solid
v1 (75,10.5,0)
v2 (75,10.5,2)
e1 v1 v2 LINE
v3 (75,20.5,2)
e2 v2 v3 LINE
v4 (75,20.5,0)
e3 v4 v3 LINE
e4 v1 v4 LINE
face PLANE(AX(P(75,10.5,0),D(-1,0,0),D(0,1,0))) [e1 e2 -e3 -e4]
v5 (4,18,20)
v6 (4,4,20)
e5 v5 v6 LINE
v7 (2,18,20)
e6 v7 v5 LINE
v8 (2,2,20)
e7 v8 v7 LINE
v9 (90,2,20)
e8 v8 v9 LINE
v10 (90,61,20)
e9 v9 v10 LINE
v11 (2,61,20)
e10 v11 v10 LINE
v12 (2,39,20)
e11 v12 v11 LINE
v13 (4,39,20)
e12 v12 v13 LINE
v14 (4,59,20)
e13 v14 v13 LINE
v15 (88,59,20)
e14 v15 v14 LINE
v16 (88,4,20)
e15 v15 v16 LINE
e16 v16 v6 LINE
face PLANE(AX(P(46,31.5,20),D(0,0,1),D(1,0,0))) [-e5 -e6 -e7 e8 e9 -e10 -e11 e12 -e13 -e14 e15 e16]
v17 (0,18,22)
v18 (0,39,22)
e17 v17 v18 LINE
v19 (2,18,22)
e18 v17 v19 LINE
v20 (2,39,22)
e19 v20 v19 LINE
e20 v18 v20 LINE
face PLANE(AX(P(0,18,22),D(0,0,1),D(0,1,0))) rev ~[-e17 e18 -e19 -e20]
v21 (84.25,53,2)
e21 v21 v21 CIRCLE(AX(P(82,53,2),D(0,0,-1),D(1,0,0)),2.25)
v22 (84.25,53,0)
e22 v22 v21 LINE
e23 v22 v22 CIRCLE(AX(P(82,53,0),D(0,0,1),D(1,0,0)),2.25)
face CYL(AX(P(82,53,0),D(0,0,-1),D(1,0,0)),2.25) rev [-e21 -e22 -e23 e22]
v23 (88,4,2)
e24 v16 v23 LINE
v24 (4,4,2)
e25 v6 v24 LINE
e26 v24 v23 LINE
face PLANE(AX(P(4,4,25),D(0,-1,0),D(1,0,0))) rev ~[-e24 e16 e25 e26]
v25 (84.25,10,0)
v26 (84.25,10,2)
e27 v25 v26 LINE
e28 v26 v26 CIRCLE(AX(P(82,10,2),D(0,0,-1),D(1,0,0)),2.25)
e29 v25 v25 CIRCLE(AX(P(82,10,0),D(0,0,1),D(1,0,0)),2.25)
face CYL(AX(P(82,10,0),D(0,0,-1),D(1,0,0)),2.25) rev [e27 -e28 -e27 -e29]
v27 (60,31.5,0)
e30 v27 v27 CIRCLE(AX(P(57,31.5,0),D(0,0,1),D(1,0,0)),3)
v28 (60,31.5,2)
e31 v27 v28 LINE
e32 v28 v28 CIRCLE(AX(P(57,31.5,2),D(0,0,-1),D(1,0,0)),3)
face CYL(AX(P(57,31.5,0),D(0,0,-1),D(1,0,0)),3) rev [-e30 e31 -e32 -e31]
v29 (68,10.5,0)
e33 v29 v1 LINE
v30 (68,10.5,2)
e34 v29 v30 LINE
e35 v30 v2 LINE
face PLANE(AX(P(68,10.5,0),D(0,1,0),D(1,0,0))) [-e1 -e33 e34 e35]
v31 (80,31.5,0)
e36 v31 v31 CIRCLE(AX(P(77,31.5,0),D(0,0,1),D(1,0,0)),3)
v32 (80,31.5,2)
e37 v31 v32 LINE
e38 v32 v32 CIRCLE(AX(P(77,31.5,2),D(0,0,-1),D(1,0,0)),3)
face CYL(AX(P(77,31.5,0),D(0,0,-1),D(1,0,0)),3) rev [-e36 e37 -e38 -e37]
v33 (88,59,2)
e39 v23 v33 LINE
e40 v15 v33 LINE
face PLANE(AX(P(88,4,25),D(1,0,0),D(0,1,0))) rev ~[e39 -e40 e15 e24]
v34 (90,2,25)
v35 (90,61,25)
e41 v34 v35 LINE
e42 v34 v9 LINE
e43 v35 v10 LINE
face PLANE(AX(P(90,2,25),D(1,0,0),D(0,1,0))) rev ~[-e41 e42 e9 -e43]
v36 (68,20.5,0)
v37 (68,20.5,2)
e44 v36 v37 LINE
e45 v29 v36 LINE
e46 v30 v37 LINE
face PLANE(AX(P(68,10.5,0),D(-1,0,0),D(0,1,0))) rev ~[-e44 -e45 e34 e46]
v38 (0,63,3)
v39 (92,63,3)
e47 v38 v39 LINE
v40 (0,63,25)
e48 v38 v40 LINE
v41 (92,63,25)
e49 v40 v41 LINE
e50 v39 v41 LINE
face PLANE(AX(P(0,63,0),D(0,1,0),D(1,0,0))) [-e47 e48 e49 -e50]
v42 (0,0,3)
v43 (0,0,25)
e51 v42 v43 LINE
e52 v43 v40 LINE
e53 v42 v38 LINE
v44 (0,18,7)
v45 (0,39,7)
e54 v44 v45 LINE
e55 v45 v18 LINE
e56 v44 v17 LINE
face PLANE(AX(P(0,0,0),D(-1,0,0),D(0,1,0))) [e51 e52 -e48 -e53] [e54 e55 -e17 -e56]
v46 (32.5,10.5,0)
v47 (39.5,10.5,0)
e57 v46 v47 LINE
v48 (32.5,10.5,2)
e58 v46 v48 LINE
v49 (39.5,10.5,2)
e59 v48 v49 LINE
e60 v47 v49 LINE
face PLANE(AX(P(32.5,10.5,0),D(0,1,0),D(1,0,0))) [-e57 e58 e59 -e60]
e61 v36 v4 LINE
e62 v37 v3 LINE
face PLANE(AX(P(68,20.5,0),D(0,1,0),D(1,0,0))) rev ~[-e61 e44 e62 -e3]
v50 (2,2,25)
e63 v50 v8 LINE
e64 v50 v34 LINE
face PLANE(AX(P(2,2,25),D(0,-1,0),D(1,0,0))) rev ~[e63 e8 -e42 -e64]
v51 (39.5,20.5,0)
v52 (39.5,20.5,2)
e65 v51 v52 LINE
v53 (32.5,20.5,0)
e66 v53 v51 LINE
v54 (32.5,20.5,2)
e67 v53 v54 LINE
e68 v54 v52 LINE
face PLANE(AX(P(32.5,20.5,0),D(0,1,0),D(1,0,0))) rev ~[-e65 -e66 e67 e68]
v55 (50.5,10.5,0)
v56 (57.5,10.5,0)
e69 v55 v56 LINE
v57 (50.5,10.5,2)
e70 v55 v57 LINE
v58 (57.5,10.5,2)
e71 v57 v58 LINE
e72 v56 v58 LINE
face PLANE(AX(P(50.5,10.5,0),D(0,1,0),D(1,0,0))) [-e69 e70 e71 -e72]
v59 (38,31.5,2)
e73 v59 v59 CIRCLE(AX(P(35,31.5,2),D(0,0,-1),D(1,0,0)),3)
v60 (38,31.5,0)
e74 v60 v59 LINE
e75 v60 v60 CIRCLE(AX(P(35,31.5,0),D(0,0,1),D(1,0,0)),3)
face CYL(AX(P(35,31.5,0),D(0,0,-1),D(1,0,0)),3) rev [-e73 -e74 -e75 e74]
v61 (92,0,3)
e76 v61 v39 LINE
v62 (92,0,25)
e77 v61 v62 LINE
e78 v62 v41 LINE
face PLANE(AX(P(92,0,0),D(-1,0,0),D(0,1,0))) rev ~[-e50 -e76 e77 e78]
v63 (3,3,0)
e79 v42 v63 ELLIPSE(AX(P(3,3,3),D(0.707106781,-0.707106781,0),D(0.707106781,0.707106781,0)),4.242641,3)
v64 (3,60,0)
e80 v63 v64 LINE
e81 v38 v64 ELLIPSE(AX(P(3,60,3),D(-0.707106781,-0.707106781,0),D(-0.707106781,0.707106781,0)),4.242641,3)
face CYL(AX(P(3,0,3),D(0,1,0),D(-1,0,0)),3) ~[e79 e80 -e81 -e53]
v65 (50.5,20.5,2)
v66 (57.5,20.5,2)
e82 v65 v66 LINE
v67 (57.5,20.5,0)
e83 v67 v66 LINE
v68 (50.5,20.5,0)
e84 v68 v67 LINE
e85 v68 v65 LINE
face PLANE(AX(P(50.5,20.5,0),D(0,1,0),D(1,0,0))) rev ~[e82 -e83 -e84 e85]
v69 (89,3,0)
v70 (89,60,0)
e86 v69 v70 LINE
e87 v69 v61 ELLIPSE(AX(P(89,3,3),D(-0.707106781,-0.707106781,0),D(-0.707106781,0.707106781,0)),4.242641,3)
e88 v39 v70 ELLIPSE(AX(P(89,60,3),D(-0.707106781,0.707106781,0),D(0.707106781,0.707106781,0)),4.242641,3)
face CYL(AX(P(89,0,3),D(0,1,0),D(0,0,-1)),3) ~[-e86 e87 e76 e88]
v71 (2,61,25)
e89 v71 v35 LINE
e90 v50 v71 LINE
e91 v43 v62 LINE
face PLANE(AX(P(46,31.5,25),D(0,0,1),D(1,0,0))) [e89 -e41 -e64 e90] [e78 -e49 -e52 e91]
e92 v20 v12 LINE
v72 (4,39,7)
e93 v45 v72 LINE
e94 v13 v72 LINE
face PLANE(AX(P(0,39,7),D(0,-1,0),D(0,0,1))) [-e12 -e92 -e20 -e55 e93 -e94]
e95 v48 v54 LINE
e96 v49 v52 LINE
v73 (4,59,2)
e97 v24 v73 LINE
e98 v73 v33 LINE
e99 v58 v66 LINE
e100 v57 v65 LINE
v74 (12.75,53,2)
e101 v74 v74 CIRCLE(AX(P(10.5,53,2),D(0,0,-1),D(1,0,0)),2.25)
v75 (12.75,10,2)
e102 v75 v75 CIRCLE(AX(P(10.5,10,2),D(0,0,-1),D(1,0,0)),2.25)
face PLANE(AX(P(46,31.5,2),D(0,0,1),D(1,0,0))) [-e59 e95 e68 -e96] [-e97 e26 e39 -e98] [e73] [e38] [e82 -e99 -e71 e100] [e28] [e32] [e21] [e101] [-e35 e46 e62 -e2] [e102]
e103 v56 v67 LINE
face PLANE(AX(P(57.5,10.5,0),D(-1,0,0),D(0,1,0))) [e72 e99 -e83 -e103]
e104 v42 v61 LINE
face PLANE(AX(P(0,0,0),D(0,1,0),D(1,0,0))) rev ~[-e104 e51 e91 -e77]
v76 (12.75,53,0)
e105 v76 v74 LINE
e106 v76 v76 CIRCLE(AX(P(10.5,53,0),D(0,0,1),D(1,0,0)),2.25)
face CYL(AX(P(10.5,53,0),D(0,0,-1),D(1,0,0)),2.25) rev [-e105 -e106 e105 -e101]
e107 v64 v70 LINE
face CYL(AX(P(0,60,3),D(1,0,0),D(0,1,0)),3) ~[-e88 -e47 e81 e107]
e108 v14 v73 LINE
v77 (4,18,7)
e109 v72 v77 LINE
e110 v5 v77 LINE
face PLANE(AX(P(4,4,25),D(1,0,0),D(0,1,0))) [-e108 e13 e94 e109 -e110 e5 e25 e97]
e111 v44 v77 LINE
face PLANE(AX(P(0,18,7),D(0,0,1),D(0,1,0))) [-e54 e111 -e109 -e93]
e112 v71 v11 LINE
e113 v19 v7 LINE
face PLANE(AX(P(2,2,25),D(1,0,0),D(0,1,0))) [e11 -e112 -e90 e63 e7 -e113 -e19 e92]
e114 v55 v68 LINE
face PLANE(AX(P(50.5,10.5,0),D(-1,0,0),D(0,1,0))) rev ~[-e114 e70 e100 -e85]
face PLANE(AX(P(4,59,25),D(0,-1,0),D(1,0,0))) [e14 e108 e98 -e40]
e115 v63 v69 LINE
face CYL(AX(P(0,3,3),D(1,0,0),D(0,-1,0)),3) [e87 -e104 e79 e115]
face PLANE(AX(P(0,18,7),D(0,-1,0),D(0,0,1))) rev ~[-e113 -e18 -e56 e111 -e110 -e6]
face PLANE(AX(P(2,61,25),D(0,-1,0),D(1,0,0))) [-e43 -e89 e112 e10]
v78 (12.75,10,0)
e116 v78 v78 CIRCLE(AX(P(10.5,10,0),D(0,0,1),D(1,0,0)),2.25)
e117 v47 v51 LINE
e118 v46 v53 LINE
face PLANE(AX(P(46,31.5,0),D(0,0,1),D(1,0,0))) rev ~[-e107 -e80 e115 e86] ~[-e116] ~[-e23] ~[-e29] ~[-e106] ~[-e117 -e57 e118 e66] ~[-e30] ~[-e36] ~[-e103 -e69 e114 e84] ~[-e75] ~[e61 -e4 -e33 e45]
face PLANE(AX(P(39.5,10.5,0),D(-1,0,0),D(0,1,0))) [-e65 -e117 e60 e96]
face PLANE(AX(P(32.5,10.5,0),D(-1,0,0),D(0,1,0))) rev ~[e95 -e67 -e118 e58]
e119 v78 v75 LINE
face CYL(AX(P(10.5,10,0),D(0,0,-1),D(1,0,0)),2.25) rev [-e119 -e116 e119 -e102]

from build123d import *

# Parameters (mm, degrees)
SKETCH3_W           = 92
SKETCH3_H           = 63
SKETCH3_R           = 3
SKETCH3_R_2         = 2.25
SKETCH3_W_2         = 7
SKETCH3_H_2         = 10
BOSS_EXTRUDE3_DEPTH = 25
SKETCH4_W           = 84
SKETCH4_H           = 55
CUT_EXTRUDE1_DEPTH  = 23
SKETCH5_W           = 88
SKETCH5_H           = 59
CUT_EXTRUDE2_DEPTH  = 5
FILLET1_R           = 3
SKETCH6_W           = 15
SKETCH6_H           = 21
CUT_EXTRUDE3_DEPTH  = 5


with BuildPart() as part:
    # Sketch3 → Boss-Extrude3 (new body)
    with BuildSketch(Plane.XY):
        with Locations((46, 31.5)):
            Rectangle(SKETCH3_W, SKETCH3_H)
        with Locations((35, 31.5)):
            Circle(SKETCH3_R, mode=Mode.SUBTRACT)
        with Locations((57, 31.5)):
            Circle(SKETCH3_R, mode=Mode.SUBTRACT)
        with Locations((77, 31.5)):
            Circle(SKETCH3_R, mode=Mode.SUBTRACT)
        with Locations((82, 53)):
            Circle(SKETCH3_R_2, mode=Mode.SUBTRACT)
        with Locations((82, 10)):
            Circle(SKETCH3_R_2, mode=Mode.SUBTRACT)
        with Locations((10.5, 10)):
            Circle(SKETCH3_R_2, mode=Mode.SUBTRACT)
        with Locations((10.5, 53)):
            Circle(SKETCH3_R_2, mode=Mode.SUBTRACT)
        with Locations((71.5, 15.5)):
            Rectangle(SKETCH3_W_2, SKETCH3_H_2, mode=Mode.SUBTRACT)
        with Locations((54, 15.5)):
            Rectangle(SKETCH3_W_2, SKETCH3_H_2, mode=Mode.SUBTRACT)
        with Locations((36, 15.5)):
            Rectangle(SKETCH3_W_2, SKETCH3_H_2, mode=Mode.SUBTRACT)
    extrude(amount=BOSS_EXTRUDE3_DEPTH)

    # Sketch4 → Cut-Extrude1 (cut)
    with BuildSketch(Plane.XY.offset(25)):
        with Locations((46, 31.5)):
            Rectangle(SKETCH4_W, SKETCH4_H)
    extrude(amount=-CUT_EXTRUDE1_DEPTH, mode=Mode.SUBTRACT)

    # Sketch5 → Cut-Extrude2 (cut)
    with BuildSketch(Plane.XY.offset(25)):
        with Locations((46, 31.5)):
            Rectangle(SKETCH5_W, SKETCH5_H)
    extrude(amount=-CUT_EXTRUDE2_DEPTH, mode=Mode.SUBTRACT)

    # Fillet1
    fillet1_edges = [part.edges().sort_by_distance(p)[0] for p in [
        (0, 31.5, 0),
        (46, 63, 0),
        (92, 31.5, 0),
        (46, 0, 0),
    ]]
    fillet(fillet1_edges, radius=FILLET1_R)

    # Sketch6 → Cut-Extrude3 (cut)
    with BuildSketch(Plane.ZY):
        with Locations((14.5, 28.5)):
            Rectangle(SKETCH6_W, SKETCH6_H)
    extrude(amount=-CUT_EXTRUDE3_DEPTH, mode=Mode.SUBTRACT)


solid = part.part
